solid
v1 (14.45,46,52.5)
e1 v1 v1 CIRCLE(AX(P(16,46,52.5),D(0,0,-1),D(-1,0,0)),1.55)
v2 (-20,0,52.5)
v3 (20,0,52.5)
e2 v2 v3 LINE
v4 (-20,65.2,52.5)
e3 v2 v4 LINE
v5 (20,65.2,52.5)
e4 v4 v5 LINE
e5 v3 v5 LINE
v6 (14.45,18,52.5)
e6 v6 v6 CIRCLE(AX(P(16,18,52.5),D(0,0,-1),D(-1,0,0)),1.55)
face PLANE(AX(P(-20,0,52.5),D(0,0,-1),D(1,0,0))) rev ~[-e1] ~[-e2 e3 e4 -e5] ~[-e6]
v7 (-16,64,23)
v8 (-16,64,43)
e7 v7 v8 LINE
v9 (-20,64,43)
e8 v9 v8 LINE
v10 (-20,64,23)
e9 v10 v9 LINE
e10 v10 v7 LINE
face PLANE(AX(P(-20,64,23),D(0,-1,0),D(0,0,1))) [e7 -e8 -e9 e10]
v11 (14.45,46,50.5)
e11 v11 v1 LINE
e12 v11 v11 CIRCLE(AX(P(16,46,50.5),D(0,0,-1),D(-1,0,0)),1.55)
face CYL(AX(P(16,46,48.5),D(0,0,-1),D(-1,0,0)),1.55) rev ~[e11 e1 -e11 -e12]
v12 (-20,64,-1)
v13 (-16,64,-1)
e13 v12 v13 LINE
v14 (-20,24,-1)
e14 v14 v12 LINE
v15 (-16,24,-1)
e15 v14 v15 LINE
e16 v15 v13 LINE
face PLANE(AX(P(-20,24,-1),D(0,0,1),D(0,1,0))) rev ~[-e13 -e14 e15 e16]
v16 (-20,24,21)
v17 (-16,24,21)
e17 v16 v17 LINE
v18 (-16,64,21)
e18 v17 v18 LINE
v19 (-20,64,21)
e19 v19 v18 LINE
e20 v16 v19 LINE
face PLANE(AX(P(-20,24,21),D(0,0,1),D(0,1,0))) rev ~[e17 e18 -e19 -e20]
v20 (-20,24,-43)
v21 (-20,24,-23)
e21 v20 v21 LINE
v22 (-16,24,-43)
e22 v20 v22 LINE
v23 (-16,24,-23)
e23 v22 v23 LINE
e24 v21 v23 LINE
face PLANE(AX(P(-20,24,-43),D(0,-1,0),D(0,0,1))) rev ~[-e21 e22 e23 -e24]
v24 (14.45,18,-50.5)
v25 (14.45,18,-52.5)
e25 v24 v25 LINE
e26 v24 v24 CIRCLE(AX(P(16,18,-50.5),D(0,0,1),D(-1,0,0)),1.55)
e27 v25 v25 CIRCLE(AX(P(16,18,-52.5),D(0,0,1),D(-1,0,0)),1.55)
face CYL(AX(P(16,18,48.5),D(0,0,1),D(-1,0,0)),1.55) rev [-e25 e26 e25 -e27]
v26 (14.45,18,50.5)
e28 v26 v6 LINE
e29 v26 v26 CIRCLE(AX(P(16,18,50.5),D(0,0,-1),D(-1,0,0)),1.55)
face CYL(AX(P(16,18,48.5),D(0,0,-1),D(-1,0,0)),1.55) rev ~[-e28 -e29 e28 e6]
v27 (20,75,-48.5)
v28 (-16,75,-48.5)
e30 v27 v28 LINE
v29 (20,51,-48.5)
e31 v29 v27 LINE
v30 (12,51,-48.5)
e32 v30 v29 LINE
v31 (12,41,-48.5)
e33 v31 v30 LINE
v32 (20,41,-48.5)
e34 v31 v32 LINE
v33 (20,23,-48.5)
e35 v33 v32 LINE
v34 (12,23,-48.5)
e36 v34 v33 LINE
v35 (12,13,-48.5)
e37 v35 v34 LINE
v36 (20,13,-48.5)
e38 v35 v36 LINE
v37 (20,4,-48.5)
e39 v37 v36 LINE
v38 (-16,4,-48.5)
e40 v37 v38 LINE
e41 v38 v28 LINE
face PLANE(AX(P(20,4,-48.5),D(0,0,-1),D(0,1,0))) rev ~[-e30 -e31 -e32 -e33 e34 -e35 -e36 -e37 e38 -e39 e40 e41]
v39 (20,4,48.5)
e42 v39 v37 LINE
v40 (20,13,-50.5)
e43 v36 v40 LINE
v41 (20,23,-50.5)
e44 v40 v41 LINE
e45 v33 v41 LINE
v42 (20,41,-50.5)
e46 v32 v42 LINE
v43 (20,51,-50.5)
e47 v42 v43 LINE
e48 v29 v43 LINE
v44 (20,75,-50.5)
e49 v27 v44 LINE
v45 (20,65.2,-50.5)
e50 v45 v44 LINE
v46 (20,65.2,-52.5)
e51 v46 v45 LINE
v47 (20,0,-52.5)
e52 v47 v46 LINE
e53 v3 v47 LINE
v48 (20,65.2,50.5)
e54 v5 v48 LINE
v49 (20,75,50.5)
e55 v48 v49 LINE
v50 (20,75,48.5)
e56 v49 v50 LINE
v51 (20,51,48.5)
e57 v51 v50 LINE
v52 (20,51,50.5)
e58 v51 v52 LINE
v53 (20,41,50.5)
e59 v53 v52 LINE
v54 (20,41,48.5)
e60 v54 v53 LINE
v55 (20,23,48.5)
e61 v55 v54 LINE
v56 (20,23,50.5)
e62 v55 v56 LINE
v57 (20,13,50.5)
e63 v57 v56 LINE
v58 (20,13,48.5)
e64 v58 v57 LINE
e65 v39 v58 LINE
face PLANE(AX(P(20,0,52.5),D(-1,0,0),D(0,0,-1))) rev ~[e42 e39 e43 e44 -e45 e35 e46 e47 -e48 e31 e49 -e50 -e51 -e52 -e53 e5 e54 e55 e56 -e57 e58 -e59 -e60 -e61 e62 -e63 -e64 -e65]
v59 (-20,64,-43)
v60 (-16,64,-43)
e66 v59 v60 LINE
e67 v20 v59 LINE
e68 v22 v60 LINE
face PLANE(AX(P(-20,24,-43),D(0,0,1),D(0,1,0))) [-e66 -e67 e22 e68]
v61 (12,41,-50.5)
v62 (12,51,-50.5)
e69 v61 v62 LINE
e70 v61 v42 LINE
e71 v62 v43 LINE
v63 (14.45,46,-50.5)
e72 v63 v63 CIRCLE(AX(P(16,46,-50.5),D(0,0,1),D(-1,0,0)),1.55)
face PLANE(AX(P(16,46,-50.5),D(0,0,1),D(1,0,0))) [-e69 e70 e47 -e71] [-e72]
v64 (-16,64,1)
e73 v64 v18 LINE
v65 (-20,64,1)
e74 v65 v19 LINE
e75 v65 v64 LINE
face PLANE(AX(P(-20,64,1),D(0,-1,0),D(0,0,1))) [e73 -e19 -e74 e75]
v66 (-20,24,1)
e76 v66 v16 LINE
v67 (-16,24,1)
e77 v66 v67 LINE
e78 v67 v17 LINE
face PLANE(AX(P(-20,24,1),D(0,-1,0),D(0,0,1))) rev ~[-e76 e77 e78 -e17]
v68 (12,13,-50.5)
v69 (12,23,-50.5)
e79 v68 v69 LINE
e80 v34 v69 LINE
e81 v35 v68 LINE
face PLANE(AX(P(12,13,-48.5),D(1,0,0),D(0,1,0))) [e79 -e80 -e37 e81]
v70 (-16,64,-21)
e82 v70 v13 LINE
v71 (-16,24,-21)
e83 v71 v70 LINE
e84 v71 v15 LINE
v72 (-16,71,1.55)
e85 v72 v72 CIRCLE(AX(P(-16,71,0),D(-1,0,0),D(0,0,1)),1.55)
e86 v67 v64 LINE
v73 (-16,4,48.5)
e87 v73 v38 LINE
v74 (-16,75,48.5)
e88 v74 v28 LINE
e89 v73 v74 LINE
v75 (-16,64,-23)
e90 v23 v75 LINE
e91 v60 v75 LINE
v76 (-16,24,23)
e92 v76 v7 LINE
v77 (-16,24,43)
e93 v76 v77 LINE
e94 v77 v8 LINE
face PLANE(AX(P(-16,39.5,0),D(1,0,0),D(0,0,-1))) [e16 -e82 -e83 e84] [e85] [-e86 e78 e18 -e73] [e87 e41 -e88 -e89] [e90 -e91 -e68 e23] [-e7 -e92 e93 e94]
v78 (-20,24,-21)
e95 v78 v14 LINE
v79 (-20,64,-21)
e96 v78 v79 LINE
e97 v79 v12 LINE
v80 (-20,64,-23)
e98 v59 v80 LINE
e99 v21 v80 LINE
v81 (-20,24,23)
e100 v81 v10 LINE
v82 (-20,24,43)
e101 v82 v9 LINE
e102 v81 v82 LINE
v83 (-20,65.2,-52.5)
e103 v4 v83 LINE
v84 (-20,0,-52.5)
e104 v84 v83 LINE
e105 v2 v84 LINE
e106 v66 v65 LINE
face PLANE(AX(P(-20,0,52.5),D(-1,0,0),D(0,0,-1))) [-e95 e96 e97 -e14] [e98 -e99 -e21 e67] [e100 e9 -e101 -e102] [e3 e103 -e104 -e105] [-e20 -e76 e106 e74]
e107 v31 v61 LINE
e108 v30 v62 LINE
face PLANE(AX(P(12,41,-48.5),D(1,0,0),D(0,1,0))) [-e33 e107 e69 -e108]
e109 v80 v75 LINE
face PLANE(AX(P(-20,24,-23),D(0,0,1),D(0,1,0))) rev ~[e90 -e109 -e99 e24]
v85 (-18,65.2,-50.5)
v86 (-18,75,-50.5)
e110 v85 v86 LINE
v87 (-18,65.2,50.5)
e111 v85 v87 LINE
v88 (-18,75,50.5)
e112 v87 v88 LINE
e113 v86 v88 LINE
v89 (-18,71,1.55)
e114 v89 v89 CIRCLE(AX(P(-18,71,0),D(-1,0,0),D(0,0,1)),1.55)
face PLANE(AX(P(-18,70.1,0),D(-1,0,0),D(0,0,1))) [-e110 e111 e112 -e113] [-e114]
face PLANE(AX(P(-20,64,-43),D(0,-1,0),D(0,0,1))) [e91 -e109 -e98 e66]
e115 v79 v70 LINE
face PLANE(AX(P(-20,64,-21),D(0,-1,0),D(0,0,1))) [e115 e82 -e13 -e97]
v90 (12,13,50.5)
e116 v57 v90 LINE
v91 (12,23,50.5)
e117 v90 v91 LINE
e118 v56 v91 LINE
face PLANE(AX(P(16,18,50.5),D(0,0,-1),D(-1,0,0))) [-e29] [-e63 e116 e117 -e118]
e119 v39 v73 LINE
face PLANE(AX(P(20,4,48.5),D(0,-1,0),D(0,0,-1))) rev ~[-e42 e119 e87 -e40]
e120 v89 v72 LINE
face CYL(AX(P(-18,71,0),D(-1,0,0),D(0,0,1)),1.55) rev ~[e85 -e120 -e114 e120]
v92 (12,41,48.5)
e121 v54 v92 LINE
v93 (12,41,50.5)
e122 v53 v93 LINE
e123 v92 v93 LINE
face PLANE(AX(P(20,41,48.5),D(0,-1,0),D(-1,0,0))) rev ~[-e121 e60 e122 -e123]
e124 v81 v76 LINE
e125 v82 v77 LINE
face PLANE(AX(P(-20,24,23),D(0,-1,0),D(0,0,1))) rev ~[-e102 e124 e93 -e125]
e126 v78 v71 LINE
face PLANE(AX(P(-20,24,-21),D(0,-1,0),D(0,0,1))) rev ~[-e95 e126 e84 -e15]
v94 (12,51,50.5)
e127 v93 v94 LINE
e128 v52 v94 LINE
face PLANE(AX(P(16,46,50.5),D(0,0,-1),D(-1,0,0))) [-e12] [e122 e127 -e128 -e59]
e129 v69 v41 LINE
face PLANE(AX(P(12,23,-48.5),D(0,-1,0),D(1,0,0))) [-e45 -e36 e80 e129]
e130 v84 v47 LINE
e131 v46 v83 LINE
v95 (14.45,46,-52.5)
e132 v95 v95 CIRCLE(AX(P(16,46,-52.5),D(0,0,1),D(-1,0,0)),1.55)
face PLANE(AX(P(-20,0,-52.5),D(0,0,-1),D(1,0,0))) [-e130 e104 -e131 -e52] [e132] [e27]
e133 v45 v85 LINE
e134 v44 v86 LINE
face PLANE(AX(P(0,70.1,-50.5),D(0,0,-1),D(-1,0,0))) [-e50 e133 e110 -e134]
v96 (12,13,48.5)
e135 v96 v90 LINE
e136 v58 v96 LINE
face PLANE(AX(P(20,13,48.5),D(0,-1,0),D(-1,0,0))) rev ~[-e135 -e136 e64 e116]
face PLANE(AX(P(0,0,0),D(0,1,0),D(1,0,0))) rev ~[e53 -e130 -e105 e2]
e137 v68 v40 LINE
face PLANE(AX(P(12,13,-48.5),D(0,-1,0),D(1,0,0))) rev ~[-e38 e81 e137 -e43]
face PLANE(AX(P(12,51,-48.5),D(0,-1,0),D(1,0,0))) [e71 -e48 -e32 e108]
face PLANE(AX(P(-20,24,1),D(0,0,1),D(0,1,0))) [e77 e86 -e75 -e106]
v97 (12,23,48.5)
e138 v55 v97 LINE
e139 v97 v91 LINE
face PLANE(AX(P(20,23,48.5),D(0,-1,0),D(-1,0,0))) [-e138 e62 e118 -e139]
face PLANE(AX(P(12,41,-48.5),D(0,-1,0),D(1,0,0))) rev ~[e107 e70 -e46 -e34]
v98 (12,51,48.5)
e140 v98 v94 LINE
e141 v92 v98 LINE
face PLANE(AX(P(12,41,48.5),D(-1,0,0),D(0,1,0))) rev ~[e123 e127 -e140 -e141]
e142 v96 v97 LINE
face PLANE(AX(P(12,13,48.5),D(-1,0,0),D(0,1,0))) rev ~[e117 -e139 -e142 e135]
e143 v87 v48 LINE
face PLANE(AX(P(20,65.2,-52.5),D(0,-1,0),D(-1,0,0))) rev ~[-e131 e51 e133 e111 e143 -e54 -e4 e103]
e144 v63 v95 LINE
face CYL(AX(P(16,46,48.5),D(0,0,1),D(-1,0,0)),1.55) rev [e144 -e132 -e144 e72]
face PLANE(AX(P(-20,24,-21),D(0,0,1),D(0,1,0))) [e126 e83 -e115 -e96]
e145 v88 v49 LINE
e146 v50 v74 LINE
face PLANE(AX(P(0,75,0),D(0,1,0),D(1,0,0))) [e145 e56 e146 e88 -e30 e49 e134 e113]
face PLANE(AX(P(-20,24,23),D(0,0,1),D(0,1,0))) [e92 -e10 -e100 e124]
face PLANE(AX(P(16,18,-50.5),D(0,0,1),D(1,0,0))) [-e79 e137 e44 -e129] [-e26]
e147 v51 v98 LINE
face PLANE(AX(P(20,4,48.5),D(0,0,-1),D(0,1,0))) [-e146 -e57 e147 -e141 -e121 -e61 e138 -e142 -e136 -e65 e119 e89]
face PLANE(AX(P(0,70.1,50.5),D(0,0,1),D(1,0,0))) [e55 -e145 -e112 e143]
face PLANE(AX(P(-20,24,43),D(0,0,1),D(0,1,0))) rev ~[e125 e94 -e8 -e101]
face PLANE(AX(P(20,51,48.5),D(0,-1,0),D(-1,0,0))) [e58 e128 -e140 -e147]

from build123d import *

# Parameters (mm, degrees)
SKETCH1_W               = 40
SKETCH1_H               = 105
BOSS_EXTRUDE3_DEPTH     = 75
SKETCH4_W               = 97
SKETCH4_H               = 71
CUT_EXTRUDE2_DEPTH      = 36
SKETCH5_W               = 40
SKETCH5_H               = 9.8
CUT_EXTRUDE3_DEPTH      = 2
SKETCH6_W               = 40
SKETCH6_H               = 9.8
CUT_EXTRUDE4_DEPTH      = 2
SKETCH7_W               = 101
SKETCH7_H               = 9.8
CUT_EXTRUDE5_DEPTH      = 2
SKETCH8_R               = 1.55
CUT_EXTRUDE6_DEPTH      = 102
CUT_EXTRUDE6_DEPTH_BACK = 5
SKETCH9_W               = 8
SKETCH9_H               = 10
CUT_EXTRUDE7_DEPTH      = 2
SKETCH10_R              = 1.55
CUT_EXTRUDE8_DEPTH      = 2
SKETCH11_W              = 8
SKETCH11_H              = 10
CUT_EXTRUDE9_DEPTH      = 2
CUT_EXTRUDE10_REACH     = 42
SKETCH12_W              = 20
SKETCH12_H              = 40


with BuildPart() as part:
    # Sketch1 → Boss-Extrude3 (new body)
    with BuildSketch(Plane(origin=(0, 0, 0), x_dir=(1, 0, 0), z_dir=(0, 1, 0))):
        Rectangle(SKETCH1_W, SKETCH1_H)
    extrude(amount=BOSS_EXTRUDE3_DEPTH)

    # Sketch4 → Cut-Extrude2 (cut)
    with BuildSketch(Plane(origin=(20, 0, 0), x_dir=(0, 0, -1), z_dir=(1, 0, 0))):
        with Locations((0, 39.5)):
            Rectangle(SKETCH4_W, SKETCH4_H)
    extrude(amount=-CUT_EXTRUDE2_DEPTH, mode=Mode.SUBTRACT)

    # Sketch5 → Cut-Extrude3 (cut)
    with BuildSketch(Plane.XY.offset(52.5)):
        with Locations((0, 70.1)):
            Rectangle(SKETCH5_W, SKETCH5_H)
    extrude(amount=-CUT_EXTRUDE3_DEPTH, mode=Mode.SUBTRACT)

    # Sketch6 → Cut-Extrude4 (cut)
    with BuildSketch(Plane(origin=(0, 0, -52.5), x_dir=(-1, 0, 0), z_dir=(0, 0, -1))):
        with Locations((0, 70.1)):
            Rectangle(SKETCH6_W, SKETCH6_H)
    extrude(amount=-CUT_EXTRUDE4_DEPTH, mode=Mode.SUBTRACT)

    # Sketch7 → Cut-Extrude5 (cut)
    with BuildSketch(Plane.ZY.offset(20)):
        with Locations((0, 70.1)):
            Rectangle(SKETCH7_W, SKETCH7_H)
    extrude(amount=-CUT_EXTRUDE5_DEPTH, mode=Mode.SUBTRACT)

    # Sketch8 → Cut-Extrude6 (cut, two sides)
    with BuildSketch(Plane(origin=(0, 0, 48.5), x_dir=(-1, 0, 0), z_dir=(0, 0, -1))) as cut_extrude6_sk:
        with Locations((-16, 18)):
            Circle(SKETCH8_R)
        with Locations((-16, 46)):
            Circle(SKETCH8_R)
    extrude(amount=CUT_EXTRUDE6_DEPTH, mode=Mode.SUBTRACT)
    extrude(cut_extrude6_sk.sketch, amount=-CUT_EXTRUDE6_DEPTH_BACK, mode=Mode.SUBTRACT)

    # Sketch9 → Cut-Extrude7 (cut)
    with BuildSketch(Plane(origin=(0, 0, 48.5), x_dir=(-1, 0, 0), z_dir=(0, 0, -1))):
        with Locations((-16, 18)):
            Rectangle(SKETCH9_W, SKETCH9_H)
        with Locations((-16, 46)):
            Rectangle(SKETCH9_W, SKETCH9_H)
    extrude(amount=-CUT_EXTRUDE7_DEPTH, mode=Mode.SUBTRACT)

    # Sketch10 → Cut-Extrude8 (cut)
    with BuildSketch(Plane.ZY.offset(18)):
        with Locations((0, 71)):
            Circle(SKETCH10_R)
    extrude(amount=-CUT_EXTRUDE8_DEPTH, mode=Mode.SUBTRACT)

    # Sketch11 → Cut-Extrude9 (cut)
    with BuildSketch(Plane.XY.offset(-48.5)):
        with Locations((16, 46)):
            Rectangle(SKETCH11_W, SKETCH11_H)
        with Locations((16, 18)):
            Rectangle(SKETCH11_W, SKETCH11_H)
    extrude(amount=-CUT_EXTRUDE9_DEPTH, mode=Mode.SUBTRACT)

    # Sketch12 → Cut-Extrude10 (cut, up to next)
    with BuildSketch(Plane.ZY.offset(20), mode=Mode.PRIVATE) as cut_extrude10_sk1:
        with Locations((-33, 44)):
            Rectangle(SKETCH12_W, SKETCH12_H)
    cut_extrude10_tool1 = extrude(cut_extrude10_sk1.sketch, amount=-CUT_EXTRUDE10_REACH, mode=Mode.PRIVATE) & part.part
    add(cut_extrude10_tool1.solids().sort_by_distance((-20, 44, -33))[0], mode=Mode.SUBTRACT)
    # Sketch12 → Cut-Extrude10 (cut, up to next)
    with BuildSketch(Plane.ZY.offset(20), mode=Mode.PRIVATE) as cut_extrude10_sk2:
        with Locations((-11, 44)):
            Rectangle(SKETCH12_W, SKETCH12_H)
    cut_extrude10_tool2 = extrude(cut_extrude10_sk2.sketch, amount=-CUT_EXTRUDE10_REACH, mode=Mode.PRIVATE) & part.part
    add(cut_extrude10_tool2.solids().sort_by_distance((-20, 44, -11))[0], mode=Mode.SUBTRACT)
    # Sketch12 → Cut-Extrude10 (cut, up to next)
    with BuildSketch(Plane.ZY.offset(20), mode=Mode.PRIVATE) as cut_extrude10_sk3:
        with Locations((11, 44)):
            Rectangle(SKETCH12_W, SKETCH12_H)
    cut_extrude10_tool3 = extrude(cut_extrude10_sk3.sketch, amount=-CUT_EXTRUDE10_REACH, mode=Mode.PRIVATE) & part.part
    add(cut_extrude10_tool3.solids().sort_by_distance((-20, 44, 11))[0], mode=Mode.SUBTRACT)
    # Sketch12 → Cut-Extrude10 (cut, up to next)
    with BuildSketch(Plane.ZY.offset(20), mode=Mode.PRIVATE) as cut_extrude10_sk4:
        with Locations((33, 44)):
            Rectangle(SKETCH12_W, SKETCH12_H)
    cut_extrude10_tool4 = extrude(cut_extrude10_sk4.sketch, amount=-CUT_EXTRUDE10_REACH, mode=Mode.PRIVATE) & part.part
    add(cut_extrude10_tool4.solids().sort_by_distance((-20, 44, 33))[0], mode=Mode.SUBTRACT)


solid = part.part
